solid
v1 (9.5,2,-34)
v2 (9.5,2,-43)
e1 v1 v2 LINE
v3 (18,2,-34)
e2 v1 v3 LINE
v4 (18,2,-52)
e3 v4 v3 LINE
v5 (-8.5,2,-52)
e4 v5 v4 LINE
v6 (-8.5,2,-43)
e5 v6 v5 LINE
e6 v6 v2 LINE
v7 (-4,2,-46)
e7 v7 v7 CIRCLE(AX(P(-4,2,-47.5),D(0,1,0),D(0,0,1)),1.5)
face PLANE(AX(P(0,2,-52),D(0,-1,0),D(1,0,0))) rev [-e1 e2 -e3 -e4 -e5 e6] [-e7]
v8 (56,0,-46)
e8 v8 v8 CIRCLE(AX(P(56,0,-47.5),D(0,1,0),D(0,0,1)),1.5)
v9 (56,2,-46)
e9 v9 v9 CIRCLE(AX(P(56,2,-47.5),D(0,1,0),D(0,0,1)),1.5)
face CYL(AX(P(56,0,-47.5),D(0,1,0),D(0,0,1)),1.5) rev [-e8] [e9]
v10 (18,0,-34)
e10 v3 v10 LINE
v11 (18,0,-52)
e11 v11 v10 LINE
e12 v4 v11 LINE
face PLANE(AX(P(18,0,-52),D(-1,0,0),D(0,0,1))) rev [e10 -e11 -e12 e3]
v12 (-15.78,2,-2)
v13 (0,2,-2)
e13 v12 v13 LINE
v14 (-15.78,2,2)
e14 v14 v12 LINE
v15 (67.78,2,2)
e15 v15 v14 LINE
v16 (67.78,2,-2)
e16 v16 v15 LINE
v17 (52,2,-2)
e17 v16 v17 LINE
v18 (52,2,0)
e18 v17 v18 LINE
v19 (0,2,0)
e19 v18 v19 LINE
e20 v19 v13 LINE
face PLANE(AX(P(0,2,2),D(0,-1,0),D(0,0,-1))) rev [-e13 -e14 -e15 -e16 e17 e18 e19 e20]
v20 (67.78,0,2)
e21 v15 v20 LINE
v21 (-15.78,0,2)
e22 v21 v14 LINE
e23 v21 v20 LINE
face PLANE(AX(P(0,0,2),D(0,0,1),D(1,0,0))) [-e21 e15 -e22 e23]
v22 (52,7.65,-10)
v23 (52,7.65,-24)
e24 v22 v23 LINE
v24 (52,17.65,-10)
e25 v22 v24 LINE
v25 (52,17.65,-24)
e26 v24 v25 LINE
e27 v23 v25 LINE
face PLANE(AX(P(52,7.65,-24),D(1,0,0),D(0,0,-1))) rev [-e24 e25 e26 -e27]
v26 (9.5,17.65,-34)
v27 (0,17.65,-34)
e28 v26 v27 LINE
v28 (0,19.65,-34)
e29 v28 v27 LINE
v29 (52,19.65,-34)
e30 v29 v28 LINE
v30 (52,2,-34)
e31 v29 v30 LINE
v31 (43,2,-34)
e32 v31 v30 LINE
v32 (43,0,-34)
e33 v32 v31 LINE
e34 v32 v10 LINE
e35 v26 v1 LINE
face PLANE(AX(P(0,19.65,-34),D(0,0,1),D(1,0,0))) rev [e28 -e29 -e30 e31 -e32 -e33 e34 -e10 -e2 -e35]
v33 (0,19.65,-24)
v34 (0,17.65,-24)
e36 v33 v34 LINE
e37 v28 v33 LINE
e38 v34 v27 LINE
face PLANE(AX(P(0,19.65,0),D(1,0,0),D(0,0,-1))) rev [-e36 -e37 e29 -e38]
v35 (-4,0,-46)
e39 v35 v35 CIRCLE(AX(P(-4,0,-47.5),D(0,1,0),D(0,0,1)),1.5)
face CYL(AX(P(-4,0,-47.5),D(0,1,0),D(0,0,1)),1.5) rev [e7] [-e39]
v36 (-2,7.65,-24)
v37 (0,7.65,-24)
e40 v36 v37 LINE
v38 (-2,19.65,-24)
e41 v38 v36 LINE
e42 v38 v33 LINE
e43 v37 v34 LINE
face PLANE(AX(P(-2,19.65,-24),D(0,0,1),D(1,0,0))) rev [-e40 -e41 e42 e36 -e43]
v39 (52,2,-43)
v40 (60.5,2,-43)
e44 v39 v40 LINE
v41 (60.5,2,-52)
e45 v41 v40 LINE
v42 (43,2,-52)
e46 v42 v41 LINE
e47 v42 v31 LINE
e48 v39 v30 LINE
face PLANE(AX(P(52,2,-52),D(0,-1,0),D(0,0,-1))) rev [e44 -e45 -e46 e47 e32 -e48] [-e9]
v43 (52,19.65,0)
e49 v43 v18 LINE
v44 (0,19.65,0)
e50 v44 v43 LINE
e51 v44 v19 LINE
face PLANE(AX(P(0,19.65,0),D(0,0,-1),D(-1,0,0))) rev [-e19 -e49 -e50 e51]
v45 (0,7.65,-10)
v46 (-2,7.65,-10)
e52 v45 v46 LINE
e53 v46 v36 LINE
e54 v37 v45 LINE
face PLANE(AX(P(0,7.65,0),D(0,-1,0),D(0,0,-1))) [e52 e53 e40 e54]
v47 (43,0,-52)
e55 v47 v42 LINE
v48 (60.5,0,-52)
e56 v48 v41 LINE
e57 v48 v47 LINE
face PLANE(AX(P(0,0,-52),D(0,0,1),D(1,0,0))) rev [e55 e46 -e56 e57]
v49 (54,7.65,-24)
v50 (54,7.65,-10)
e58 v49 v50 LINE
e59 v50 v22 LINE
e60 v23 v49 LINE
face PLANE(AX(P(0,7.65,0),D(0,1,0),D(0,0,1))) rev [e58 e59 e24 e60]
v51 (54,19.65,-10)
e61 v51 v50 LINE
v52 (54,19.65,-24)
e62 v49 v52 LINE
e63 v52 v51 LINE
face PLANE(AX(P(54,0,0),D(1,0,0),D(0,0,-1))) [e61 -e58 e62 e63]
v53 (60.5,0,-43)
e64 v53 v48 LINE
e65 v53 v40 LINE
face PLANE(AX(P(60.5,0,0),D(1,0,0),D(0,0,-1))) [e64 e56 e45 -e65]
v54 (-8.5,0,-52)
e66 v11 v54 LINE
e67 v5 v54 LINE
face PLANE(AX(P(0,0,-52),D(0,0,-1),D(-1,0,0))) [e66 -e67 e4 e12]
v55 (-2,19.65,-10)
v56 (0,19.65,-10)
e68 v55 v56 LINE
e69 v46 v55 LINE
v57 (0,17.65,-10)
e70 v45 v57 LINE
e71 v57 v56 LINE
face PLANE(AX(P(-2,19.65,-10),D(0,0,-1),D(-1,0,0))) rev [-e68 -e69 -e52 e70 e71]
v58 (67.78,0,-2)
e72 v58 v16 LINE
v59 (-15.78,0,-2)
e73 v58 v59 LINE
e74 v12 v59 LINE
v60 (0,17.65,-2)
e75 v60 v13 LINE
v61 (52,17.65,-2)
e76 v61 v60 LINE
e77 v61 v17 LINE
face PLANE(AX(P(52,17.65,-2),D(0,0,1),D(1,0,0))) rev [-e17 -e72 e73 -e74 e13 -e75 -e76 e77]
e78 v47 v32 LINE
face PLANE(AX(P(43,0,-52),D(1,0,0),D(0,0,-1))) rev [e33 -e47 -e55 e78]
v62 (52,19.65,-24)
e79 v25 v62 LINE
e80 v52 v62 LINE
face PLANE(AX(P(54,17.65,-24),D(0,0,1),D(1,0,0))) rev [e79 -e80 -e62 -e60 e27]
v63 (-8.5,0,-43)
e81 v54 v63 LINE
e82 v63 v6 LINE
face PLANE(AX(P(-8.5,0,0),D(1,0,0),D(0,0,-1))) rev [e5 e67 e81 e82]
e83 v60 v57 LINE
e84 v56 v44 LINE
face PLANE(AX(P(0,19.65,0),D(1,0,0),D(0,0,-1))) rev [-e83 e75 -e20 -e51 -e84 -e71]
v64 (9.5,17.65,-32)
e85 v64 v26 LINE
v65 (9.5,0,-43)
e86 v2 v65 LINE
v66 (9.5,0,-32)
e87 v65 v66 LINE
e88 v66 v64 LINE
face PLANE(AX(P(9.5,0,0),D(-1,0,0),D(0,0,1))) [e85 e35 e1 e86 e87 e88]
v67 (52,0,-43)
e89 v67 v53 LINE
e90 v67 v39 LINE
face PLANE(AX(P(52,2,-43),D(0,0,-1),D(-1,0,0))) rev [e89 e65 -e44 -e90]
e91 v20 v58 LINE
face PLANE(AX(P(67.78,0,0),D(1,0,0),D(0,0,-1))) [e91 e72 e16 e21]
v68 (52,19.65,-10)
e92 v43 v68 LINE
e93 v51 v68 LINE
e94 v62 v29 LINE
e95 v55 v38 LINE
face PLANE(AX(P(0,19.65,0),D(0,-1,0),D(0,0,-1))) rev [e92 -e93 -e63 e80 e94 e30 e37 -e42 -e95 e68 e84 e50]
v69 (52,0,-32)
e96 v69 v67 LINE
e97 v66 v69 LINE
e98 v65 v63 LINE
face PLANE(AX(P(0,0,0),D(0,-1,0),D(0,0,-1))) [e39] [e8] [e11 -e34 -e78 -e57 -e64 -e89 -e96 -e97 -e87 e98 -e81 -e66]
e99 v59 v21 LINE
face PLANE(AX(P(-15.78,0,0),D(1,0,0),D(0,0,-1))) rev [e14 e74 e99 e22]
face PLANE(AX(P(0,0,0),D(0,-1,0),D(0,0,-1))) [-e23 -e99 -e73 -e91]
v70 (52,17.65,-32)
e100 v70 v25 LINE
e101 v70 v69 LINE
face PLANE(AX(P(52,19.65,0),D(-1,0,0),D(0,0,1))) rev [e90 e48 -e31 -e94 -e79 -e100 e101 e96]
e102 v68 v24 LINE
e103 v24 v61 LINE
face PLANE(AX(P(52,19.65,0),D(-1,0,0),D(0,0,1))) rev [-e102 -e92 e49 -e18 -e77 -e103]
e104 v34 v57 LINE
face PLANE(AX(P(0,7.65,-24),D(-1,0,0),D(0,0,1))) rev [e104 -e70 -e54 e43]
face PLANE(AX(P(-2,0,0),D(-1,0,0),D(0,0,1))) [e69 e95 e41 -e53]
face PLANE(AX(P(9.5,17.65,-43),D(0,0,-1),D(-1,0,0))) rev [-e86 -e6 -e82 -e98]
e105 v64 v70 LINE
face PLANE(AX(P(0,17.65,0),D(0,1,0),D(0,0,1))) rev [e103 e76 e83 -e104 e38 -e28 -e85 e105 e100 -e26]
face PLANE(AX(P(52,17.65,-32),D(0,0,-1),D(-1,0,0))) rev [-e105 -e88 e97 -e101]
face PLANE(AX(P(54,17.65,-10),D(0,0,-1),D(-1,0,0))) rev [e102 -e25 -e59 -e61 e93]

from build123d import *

# Parameters (mm, degrees)
SKETCH1_W            = 52
SKETCH1_H            = 34
BOSS_EXTRUDE1_DEPTH  = 19.65
SKETCH2_W            = 52
SKETCH2_H            = 30
CUT_EXTRUDE1_DEPTH   = 17.65
SKETCH3_W            = 9
SKETCH3_H            = 2
SKETCH3_W_2          = 18
BOSS_EXTRUDE2_DEPTH  = 18
SKETCH4_W            = 18
SKETCH4_H            = 2
BOSS_EXTRUDE3_DEPTH  = 8.5
SKETCH5_W            = 18
SKETCH5_H            = 2
BOSS_EXTRUDE4_DEPTH  = 8.5
SKETCH6_R            = 1.5
CUT_EXTRUDE2_DEPTH   = 82.705400678
SKETCH7_W            = 52
SKETCH7_H            = 2
BOSS_EXTRUDE5_DEPTH  = 2
SKETCH8_W            = 4
SKETCH8_H            = 2
BOSS_EXTRUDE6_DEPTH  = 15.78
SKETCH9_W            = 4
SKETCH9_H            = 2
BOSS_EXTRUDE7_DEPTH  = 15.78
SKETCH11_W           = 11
SKETCH11_H           = 17.65
CUT_EXTRUDE3_DEPTH   = 18
SKETCH12_W           = 9
SKETCH12_H           = 2
CUT_EXTRUDE4_DEPTH   = 8.5
SKETCH14_W           = 14
SKETCH14_H           = 2
BOSS_EXTRUDE8_DEPTH  = 2
SKETCH15_W           = 14
SKETCH15_H           = 2
BOSS_EXTRUDE9_DEPTH  = 2
SKETCH16_W           = 2
SKETCH16_H           = 14
BOSS_EXTRUDE10_DEPTH = 10


with BuildPart() as part:
    # Sketch1 → Boss-Extrude1 (new body)
    with BuildSketch(Plane(origin=(0, 0, 0), x_dir=(1, 0, 0), z_dir=(0, 1, 0))):
        with Locations((26, 17)):
            Rectangle(SKETCH1_W, SKETCH1_H)
    extrude(amount=BOSS_EXTRUDE1_DEPTH)

    # Sketch2 → Cut-Extrude1 (cut)
    with BuildSketch(Plane(origin=(0, 0, 0), x_dir=(-1, 0, 0), z_dir=(0, -1, 0))):
        with Locations((-26, 17)):
            Rectangle(SKETCH2_W, SKETCH2_H)
    extrude(amount=-CUT_EXTRUDE1_DEPTH, mode=Mode.SUBTRACT)

    # Sketch3 → Boss-Extrude2 (add)
    with BuildSketch(Plane(origin=(0, 0, -34), x_dir=(-1, 0, 0), z_dir=(0, 0, -1))):
        with Locations((-47.5, 1)):
            Rectangle(SKETCH3_W, SKETCH3_H)
        with Locations((-9, 1)):
            Rectangle(SKETCH3_W_2, SKETCH3_H)
    extrude(amount=BOSS_EXTRUDE2_DEPTH)

    # Sketch4 → Boss-Extrude3 (add)
    with BuildSketch(Plane(origin=(52, 0, 0), x_dir=(0, 0, -1), z_dir=(1, 0, 0))):
        with Locations((43, 1)):
            Rectangle(SKETCH4_W, SKETCH4_H)
    extrude(amount=BOSS_EXTRUDE3_DEPTH)

    # Sketch5 → Boss-Extrude4 (add)
    with BuildSketch(Plane.ZY):
        with Locations((-43, 1)):
            Rectangle(SKETCH5_W, SKETCH5_H)
    extrude(amount=BOSS_EXTRUDE4_DEPTH)

    # Sketch6 → Cut-Extrude2 (cut, through all)
    with BuildSketch(Plane(origin=(0, 2, 0), x_dir=(1, 0, 0), z_dir=(0, 1, 0))):
        with Locations(Location((56, 47.5, 0), (0, 0, 270))):
            Circle(SKETCH6_R)
        with Locations(Location((-4, 47.5, 0), (0, 0, 270))):
            Circle(SKETCH6_R)
    extrude(amount=-CUT_EXTRUDE2_DEPTH, mode=Mode.SUBTRACT)

    # Sketch7 → Boss-Extrude5 (add)
    with BuildSketch(Plane.XY):
        with Locations((26, 1)):
            Rectangle(SKETCH7_W, SKETCH7_H)
    extrude(amount=BOSS_EXTRUDE5_DEPTH)

    # Sketch8 → Boss-Extrude6 (add)
    with BuildSketch(Plane.ZY):
        with Locations((0, 1)):
            Rectangle(SKETCH8_W, SKETCH8_H)
    extrude(amount=BOSS_EXTRUDE6_DEPTH)

    # Sketch9 → Boss-Extrude7 (add)
    with BuildSketch(Plane(origin=(52, 0, 0), x_dir=(0, 0, -1), z_dir=(1, 0, 0))):
        with Locations((0, 1)):
            Rectangle(SKETCH9_W, SKETCH9_H)
    extrude(amount=BOSS_EXTRUDE7_DEPTH)

    # Sketch11 → Cut-Extrude3 (cut)
    with BuildSketch(Plane.ZY.offset(8.5)):
        with Locations((-37.5, 8.825)):
            Rectangle(SKETCH11_W, SKETCH11_H)
    extrude(amount=-CUT_EXTRUDE3_DEPTH, mode=Mode.SUBTRACT)

    # Sketch12 → Cut-Extrude4 (cut)
    with BuildSketch(Plane(origin=(60.5, 0, 0), x_dir=(0, 0, -1), z_dir=(1, 0, 0))):
        with Locations((38.5, 1)):
            Rectangle(SKETCH12_W, SKETCH12_H)
    extrude(amount=-CUT_EXTRUDE4_DEPTH, mode=Mode.SUBTRACT)

    # Sketch14 → Boss-Extrude8 (add)
    with BuildSketch(Plane.ZY):
        with Locations((-17, 18.65)):
            Rectangle(SKETCH14_W, SKETCH14_H)
    extrude(amount=BOSS_EXTRUDE8_DEPTH)

    # Sketch15 → Boss-Extrude9 (add)
    with BuildSketch(Plane(origin=(52, 0, 0), x_dir=(0, 0, -1), z_dir=(1, 0, 0))):
        with Locations((17, 18.65)):
            Rectangle(SKETCH15_W, SKETCH15_H)
    extrude(amount=BOSS_EXTRUDE9_DEPTH)

    # Sketch16 → Boss-Extrude10 (add)
    with BuildSketch(Plane(origin=(0, 17.65, 0), x_dir=(-1, 0, 0), z_dir=(0, -1, 0))):
        with Locations((1, 17)):
            Rectangle(SKETCH16_W, SKETCH16_H)
        with Locations((-53, 17)):
            Rectangle(SKETCH16_W, SKETCH16_H)
    extrude(amount=BOSS_EXTRUDE10_DEPTH)


solid = part.part
